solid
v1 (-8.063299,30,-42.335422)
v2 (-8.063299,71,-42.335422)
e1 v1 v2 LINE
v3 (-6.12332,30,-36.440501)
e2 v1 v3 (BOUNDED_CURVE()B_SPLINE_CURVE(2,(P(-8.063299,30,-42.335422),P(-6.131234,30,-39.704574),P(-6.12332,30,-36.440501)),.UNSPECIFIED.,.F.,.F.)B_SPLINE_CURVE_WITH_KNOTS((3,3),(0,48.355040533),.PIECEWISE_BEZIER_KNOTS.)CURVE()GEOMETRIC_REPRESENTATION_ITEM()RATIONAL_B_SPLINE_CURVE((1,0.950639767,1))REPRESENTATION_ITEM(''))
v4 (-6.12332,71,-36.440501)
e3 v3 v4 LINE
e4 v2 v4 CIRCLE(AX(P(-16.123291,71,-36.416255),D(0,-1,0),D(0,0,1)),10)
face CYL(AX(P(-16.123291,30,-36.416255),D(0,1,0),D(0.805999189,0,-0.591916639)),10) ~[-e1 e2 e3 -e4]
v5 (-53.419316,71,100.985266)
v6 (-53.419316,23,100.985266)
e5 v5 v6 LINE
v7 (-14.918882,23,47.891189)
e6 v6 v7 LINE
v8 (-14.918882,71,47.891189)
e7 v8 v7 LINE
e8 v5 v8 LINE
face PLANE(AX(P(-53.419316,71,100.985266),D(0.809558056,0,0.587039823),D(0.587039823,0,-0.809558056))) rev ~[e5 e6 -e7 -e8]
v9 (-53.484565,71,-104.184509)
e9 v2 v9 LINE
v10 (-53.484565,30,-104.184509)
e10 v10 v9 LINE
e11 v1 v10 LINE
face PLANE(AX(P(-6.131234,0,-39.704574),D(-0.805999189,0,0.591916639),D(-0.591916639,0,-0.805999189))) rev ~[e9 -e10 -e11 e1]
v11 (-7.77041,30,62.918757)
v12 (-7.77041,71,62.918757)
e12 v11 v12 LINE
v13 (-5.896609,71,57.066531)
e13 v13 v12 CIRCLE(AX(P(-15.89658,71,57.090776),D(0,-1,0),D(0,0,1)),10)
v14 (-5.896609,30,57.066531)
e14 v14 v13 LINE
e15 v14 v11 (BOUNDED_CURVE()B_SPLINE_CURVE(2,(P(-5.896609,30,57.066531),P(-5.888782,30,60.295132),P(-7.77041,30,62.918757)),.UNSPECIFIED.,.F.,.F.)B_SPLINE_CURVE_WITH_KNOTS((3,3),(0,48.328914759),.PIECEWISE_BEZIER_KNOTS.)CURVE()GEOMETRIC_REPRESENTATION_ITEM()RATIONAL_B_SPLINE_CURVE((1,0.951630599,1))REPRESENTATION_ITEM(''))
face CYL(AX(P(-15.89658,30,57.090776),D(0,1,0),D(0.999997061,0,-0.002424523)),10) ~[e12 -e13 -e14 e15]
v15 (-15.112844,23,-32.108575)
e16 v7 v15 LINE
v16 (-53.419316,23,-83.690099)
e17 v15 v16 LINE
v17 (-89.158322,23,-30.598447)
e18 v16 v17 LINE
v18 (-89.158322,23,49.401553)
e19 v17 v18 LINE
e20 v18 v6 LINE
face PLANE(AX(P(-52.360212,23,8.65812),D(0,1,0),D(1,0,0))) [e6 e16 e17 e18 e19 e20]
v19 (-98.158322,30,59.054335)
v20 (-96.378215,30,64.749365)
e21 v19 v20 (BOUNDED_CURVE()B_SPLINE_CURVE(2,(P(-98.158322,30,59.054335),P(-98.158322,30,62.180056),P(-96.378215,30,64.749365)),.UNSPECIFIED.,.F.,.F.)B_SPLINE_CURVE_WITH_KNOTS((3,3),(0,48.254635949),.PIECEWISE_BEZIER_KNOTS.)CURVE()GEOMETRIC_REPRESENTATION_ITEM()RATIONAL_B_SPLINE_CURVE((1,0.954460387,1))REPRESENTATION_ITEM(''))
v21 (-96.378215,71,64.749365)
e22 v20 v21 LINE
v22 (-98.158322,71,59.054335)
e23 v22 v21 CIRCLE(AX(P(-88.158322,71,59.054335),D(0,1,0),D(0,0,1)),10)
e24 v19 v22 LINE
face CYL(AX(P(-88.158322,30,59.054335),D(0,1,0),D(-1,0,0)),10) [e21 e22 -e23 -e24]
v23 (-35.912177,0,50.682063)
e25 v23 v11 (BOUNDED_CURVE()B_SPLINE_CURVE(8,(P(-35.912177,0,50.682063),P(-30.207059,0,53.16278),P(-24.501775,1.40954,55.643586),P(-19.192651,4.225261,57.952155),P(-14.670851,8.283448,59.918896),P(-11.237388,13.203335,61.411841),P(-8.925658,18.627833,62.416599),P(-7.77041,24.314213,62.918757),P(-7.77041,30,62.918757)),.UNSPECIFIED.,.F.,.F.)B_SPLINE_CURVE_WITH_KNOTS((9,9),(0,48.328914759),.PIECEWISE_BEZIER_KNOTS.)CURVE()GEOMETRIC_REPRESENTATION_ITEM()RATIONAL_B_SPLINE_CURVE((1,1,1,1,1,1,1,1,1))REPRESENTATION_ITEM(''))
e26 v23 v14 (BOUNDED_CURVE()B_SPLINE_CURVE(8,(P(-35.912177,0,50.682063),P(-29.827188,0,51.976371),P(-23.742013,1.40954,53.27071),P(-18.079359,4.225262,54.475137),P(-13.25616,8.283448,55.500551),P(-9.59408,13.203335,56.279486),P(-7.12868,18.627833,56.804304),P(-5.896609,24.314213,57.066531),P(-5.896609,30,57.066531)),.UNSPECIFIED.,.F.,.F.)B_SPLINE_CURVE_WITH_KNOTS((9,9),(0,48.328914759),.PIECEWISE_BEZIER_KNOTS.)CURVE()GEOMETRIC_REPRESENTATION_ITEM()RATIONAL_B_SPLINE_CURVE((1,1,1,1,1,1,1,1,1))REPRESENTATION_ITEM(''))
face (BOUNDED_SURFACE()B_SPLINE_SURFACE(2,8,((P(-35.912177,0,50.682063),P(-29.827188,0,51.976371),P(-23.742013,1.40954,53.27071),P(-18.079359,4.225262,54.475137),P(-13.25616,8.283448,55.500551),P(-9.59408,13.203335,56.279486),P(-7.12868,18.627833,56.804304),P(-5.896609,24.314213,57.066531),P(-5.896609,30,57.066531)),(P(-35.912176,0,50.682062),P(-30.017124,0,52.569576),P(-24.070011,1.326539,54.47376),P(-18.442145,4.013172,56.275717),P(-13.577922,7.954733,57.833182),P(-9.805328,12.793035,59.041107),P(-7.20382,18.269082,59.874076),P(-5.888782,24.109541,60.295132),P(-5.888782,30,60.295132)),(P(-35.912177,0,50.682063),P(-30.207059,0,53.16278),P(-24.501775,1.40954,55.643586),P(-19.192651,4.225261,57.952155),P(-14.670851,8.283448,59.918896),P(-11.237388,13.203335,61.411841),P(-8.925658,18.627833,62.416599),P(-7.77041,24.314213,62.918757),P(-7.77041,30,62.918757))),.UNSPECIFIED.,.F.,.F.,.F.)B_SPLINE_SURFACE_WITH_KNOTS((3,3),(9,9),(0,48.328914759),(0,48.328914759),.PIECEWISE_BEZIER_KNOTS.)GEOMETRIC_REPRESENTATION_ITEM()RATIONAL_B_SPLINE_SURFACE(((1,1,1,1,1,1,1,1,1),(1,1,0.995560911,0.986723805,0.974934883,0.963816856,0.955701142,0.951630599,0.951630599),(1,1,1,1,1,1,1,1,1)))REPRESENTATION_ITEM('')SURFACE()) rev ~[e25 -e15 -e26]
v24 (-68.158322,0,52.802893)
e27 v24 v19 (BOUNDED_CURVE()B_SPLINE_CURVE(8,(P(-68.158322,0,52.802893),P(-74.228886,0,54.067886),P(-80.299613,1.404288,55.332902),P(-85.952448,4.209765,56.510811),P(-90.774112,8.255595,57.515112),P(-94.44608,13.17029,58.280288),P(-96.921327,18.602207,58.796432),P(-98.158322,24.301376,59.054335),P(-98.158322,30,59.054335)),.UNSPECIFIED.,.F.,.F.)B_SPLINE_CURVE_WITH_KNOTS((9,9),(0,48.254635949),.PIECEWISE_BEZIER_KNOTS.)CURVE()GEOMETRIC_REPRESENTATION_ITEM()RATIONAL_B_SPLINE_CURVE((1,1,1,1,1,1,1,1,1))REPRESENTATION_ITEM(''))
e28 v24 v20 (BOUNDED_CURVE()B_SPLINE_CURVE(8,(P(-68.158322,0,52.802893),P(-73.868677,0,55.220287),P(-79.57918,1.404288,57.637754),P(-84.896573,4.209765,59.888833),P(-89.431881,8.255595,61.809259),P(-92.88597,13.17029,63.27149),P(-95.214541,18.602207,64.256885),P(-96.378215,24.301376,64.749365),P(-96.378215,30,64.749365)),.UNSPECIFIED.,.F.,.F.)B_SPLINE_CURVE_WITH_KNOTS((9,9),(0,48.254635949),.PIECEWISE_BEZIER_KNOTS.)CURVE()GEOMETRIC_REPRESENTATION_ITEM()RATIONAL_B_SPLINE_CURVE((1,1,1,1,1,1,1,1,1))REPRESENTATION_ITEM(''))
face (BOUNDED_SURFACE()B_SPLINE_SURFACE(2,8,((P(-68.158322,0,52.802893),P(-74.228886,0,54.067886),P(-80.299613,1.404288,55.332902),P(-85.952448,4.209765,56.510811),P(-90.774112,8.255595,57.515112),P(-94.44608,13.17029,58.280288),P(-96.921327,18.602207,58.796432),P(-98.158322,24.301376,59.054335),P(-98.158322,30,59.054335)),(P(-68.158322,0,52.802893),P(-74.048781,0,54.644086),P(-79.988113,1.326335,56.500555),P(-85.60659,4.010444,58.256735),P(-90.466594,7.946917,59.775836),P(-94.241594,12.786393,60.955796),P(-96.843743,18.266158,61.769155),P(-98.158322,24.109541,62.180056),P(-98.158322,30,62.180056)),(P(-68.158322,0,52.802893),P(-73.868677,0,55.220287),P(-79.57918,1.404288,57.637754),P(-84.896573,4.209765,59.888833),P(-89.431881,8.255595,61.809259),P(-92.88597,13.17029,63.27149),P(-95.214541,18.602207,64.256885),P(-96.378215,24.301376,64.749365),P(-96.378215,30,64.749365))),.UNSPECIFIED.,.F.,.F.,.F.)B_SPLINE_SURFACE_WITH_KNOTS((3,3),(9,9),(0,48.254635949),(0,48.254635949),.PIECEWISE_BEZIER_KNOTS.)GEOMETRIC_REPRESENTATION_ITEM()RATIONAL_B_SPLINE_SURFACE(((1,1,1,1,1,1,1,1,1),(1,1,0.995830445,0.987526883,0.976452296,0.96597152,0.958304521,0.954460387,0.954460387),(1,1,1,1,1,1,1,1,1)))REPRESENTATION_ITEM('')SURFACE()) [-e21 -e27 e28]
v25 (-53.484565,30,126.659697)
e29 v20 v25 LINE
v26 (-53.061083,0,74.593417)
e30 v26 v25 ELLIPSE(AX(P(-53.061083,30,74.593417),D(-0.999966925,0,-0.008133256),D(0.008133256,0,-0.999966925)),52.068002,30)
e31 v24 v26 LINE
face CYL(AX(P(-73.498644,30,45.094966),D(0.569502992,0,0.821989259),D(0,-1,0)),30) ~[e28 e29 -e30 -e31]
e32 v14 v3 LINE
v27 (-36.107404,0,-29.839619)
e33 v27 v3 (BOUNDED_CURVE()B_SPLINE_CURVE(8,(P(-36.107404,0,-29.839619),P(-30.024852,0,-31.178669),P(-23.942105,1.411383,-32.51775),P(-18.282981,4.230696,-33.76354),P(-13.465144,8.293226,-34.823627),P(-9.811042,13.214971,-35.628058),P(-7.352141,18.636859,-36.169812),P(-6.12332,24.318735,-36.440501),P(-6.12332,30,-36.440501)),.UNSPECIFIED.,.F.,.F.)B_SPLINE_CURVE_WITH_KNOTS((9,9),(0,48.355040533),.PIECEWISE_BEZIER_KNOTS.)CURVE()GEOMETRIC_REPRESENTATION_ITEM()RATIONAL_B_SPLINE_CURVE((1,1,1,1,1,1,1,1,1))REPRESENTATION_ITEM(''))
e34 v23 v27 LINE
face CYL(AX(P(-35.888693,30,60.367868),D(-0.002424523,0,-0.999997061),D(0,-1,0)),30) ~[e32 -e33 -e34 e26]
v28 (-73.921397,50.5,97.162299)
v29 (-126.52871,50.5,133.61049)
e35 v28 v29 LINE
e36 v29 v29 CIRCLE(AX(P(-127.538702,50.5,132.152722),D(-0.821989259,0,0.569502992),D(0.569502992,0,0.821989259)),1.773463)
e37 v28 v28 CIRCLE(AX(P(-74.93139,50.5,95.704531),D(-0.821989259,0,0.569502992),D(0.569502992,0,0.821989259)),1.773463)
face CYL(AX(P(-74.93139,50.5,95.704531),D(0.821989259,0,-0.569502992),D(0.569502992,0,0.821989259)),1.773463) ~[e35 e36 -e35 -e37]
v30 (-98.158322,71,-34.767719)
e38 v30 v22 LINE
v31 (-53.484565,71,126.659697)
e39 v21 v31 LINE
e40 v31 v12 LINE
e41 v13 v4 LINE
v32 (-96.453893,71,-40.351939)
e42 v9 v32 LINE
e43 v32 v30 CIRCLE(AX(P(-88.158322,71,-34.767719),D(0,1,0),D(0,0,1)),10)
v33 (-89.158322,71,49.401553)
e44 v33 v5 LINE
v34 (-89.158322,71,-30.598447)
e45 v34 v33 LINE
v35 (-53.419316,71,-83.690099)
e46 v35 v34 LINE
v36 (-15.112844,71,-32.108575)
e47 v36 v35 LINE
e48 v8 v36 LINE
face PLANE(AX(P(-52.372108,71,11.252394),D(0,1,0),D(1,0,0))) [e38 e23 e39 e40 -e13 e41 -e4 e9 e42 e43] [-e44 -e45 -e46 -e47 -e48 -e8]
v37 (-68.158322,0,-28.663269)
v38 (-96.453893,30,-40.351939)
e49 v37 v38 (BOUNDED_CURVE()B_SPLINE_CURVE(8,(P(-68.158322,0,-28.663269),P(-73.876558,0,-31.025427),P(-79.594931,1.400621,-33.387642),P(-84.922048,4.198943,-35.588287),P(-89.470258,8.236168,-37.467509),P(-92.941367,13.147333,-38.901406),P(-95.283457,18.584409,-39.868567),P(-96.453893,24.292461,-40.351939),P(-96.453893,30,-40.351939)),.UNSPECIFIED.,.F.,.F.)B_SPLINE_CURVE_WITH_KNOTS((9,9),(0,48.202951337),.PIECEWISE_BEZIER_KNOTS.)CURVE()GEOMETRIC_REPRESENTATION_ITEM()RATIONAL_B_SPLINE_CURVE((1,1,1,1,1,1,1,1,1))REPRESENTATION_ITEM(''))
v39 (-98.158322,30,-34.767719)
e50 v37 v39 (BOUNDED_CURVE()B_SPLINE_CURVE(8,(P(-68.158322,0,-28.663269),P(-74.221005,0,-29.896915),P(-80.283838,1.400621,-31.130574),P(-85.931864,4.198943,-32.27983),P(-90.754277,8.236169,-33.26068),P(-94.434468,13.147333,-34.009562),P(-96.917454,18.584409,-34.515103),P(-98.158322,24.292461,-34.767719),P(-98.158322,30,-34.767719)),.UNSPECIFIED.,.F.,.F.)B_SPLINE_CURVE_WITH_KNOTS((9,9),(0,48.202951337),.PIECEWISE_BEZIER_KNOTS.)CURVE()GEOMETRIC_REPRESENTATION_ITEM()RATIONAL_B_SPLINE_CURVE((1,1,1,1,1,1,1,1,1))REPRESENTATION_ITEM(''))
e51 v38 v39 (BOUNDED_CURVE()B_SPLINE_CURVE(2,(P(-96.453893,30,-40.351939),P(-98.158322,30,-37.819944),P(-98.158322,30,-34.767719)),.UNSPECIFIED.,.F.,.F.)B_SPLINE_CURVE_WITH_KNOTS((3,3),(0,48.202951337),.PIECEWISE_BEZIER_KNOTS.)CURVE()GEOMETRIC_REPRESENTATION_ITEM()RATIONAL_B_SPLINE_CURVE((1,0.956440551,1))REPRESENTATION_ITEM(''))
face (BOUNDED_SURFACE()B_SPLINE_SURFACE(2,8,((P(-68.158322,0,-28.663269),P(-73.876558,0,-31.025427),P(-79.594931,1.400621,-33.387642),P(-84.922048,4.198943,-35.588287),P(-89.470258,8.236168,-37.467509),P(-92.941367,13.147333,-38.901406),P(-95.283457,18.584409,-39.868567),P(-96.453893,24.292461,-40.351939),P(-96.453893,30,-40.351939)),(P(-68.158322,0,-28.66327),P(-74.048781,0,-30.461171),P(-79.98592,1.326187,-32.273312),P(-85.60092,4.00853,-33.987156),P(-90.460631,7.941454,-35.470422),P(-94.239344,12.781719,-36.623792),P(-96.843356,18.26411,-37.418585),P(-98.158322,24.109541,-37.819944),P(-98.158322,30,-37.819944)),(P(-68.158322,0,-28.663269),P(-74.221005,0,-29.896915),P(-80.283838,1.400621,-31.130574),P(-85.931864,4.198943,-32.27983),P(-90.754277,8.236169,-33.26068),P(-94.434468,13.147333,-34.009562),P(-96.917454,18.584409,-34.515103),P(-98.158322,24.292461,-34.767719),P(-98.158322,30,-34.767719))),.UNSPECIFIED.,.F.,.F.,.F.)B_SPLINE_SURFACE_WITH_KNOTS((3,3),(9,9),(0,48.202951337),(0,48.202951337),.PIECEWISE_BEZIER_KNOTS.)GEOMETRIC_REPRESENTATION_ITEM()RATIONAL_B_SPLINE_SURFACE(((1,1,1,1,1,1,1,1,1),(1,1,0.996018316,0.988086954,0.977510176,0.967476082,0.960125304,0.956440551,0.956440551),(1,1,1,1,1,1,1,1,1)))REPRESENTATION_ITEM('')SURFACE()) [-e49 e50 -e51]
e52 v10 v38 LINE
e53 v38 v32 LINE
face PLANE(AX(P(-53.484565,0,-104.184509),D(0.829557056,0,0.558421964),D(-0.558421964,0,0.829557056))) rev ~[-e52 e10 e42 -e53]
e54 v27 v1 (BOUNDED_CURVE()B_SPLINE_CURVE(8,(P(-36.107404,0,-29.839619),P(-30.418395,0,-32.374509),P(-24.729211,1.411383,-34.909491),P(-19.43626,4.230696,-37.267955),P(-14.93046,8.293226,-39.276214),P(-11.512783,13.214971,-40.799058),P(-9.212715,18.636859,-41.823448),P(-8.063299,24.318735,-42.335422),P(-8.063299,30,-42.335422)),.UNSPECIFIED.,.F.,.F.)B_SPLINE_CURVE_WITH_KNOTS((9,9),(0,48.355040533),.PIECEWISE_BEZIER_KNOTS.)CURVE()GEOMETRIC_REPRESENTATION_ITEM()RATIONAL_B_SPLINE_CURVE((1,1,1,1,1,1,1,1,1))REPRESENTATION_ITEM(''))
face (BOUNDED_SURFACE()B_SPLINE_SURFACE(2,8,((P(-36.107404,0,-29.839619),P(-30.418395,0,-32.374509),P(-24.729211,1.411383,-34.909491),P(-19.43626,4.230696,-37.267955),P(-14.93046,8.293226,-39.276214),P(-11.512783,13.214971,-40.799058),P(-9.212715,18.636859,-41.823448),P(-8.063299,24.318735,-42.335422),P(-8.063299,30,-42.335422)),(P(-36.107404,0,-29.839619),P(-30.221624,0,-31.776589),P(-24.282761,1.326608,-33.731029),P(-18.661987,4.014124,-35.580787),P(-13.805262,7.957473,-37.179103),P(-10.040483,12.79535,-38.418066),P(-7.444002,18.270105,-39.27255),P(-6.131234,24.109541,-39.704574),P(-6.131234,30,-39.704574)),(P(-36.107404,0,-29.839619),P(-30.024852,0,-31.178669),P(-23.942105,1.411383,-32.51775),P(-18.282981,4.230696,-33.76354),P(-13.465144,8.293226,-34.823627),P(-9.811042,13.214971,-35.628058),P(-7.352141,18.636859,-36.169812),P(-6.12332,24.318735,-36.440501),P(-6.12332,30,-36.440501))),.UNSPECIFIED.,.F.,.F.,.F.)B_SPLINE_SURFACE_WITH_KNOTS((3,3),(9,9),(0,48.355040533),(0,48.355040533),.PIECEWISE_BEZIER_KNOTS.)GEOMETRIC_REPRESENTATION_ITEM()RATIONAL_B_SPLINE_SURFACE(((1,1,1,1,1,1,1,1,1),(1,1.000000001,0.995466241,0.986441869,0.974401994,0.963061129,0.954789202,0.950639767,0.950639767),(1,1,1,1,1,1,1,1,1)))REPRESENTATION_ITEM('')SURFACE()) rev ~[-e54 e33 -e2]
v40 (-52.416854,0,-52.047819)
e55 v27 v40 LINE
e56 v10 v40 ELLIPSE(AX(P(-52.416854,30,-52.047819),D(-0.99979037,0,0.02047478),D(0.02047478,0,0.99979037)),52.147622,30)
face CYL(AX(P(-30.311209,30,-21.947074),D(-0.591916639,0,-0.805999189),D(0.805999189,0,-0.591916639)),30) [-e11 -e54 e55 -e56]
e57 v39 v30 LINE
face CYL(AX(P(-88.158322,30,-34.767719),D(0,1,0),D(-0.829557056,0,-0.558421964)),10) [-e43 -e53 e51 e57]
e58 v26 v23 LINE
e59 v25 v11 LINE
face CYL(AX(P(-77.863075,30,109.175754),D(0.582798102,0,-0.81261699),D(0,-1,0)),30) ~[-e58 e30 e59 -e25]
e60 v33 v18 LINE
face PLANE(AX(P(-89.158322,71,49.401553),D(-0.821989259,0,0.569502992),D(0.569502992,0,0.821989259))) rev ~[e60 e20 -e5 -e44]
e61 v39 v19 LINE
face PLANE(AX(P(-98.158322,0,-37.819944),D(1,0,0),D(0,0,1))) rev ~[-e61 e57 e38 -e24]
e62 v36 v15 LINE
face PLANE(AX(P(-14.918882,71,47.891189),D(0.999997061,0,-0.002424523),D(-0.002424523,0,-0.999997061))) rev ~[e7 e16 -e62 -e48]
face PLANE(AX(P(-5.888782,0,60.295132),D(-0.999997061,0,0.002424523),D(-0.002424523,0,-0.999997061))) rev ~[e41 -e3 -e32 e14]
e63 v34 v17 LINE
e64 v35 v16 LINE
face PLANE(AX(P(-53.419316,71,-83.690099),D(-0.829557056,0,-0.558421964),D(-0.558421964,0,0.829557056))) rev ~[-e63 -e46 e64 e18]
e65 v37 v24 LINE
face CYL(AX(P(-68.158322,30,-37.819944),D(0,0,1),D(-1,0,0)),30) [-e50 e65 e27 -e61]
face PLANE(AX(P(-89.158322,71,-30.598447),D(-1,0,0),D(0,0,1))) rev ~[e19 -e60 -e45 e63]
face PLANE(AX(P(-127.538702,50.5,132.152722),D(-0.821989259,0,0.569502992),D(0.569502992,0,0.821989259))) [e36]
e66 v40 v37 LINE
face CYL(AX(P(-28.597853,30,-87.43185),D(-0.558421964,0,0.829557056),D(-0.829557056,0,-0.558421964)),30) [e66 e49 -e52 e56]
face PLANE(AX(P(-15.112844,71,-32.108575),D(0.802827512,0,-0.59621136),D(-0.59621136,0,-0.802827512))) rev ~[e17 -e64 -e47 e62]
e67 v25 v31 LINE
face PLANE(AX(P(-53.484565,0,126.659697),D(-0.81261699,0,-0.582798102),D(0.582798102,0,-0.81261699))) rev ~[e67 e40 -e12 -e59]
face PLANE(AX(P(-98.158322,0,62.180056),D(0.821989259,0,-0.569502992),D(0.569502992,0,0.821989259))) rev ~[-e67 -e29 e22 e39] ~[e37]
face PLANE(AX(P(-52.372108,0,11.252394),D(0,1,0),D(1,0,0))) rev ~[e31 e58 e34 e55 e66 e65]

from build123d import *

# Parameters (mm, degrees)
BOSS_EXTRUDE1_DEPTH = 71
CUT_EXTRUDE1_DEPTH  = 48
FILLET1_R           = 30
FILLET2_R           = 10
SKETCH3_R           = 1.773463316
BOSS_EXTRUDE2_DEPTH = 64


with BuildPart() as part:
    # Sketch1 → Boss-Extrude1 (new body)
    with BuildSketch(Plane(origin=(0, 0, 0), x_dir=(1, 0, 0), z_dir=(0, 1, 0))):
        Polygon((-53.484564952, 104.184508732), (-98.158322107, 37.819944229), (-98.158322107, -62.180055771), (-53.484564952, -126.659696939), (-5.888781519, -60.295132437), (-6.131233796, 39.704573647), align=None)
    extrude(amount=BOSS_EXTRUDE1_DEPTH)

    # Sketch2 → Cut-Extrude1 (cut)
    with BuildSketch(Plane(origin=(0, 71, 0), x_dir=(1, 0, 0), z_dir=(0, 1, 0))):
        Polygon((-53.419316383, 83.690098923), (-89.158322107, 30.598447321), (-89.158322107, -49.401552679), (-53.419316383, -100.985265614), (-14.918881702, -47.891189489), (-15.112843524, 32.108575378), align=None)
    extrude(amount=-CUT_EXTRUDE1_DEPTH, mode=Mode.SUBTRACT)

    # Fillet1
    fillet1_edges = [part.edges().sort_by_distance(p)[0] for p in [
        (-6.010007658, 0, 10.295279395),
        (-29.686673235, 0, 93.477414688),
        (-75.821443529, 0, 94.419876355),
        (-98.158322107, 0, 12.180055771),
        (-75.821443529, 0, -71.002226481),
        (-29.807899374, 0, -71.94454119),
    ]]
    fillet(fillet1_edges, radius=FILLET1_R)

    # Fillet2
    fillet2_edges = [part.edges().sort_by_distance(p)[0] for p in [
        (-6.131233796, 50.5, -39.704573647),
        (-5.888781519, 50.5, 60.295132437),
        (-98.158322107, 50.5, 62.180055771),
        (-98.158322107, 50.5, -37.819944229),
        (-15.180720611, 8.520303105, -36.726448686),
        (-14.946943145, 8.525742818, 57.394836212),
        (-89.134201731, 8.55209861, -35.065579718),
        (-89.123112182, 8.541258724, 59.355901315),
    ]]
    fillet(fillet2_edges, radius=FILLET2_R)

    # Sketch3 → Boss-Extrude2 (add)
    with BuildSketch(Plane(origin=(-95.430334367, 0, 66.117483062), x_dir=(0.569502992, 0, 0.821989259), z_dir=(-0.821989259, 0, 0.569502992))):
        with Locations((35.994445749, 50.5)):
            Circle(SKETCH3_R)
    extrude(amount=BOSS_EXTRUDE2_DEPTH)


solid = part.part
